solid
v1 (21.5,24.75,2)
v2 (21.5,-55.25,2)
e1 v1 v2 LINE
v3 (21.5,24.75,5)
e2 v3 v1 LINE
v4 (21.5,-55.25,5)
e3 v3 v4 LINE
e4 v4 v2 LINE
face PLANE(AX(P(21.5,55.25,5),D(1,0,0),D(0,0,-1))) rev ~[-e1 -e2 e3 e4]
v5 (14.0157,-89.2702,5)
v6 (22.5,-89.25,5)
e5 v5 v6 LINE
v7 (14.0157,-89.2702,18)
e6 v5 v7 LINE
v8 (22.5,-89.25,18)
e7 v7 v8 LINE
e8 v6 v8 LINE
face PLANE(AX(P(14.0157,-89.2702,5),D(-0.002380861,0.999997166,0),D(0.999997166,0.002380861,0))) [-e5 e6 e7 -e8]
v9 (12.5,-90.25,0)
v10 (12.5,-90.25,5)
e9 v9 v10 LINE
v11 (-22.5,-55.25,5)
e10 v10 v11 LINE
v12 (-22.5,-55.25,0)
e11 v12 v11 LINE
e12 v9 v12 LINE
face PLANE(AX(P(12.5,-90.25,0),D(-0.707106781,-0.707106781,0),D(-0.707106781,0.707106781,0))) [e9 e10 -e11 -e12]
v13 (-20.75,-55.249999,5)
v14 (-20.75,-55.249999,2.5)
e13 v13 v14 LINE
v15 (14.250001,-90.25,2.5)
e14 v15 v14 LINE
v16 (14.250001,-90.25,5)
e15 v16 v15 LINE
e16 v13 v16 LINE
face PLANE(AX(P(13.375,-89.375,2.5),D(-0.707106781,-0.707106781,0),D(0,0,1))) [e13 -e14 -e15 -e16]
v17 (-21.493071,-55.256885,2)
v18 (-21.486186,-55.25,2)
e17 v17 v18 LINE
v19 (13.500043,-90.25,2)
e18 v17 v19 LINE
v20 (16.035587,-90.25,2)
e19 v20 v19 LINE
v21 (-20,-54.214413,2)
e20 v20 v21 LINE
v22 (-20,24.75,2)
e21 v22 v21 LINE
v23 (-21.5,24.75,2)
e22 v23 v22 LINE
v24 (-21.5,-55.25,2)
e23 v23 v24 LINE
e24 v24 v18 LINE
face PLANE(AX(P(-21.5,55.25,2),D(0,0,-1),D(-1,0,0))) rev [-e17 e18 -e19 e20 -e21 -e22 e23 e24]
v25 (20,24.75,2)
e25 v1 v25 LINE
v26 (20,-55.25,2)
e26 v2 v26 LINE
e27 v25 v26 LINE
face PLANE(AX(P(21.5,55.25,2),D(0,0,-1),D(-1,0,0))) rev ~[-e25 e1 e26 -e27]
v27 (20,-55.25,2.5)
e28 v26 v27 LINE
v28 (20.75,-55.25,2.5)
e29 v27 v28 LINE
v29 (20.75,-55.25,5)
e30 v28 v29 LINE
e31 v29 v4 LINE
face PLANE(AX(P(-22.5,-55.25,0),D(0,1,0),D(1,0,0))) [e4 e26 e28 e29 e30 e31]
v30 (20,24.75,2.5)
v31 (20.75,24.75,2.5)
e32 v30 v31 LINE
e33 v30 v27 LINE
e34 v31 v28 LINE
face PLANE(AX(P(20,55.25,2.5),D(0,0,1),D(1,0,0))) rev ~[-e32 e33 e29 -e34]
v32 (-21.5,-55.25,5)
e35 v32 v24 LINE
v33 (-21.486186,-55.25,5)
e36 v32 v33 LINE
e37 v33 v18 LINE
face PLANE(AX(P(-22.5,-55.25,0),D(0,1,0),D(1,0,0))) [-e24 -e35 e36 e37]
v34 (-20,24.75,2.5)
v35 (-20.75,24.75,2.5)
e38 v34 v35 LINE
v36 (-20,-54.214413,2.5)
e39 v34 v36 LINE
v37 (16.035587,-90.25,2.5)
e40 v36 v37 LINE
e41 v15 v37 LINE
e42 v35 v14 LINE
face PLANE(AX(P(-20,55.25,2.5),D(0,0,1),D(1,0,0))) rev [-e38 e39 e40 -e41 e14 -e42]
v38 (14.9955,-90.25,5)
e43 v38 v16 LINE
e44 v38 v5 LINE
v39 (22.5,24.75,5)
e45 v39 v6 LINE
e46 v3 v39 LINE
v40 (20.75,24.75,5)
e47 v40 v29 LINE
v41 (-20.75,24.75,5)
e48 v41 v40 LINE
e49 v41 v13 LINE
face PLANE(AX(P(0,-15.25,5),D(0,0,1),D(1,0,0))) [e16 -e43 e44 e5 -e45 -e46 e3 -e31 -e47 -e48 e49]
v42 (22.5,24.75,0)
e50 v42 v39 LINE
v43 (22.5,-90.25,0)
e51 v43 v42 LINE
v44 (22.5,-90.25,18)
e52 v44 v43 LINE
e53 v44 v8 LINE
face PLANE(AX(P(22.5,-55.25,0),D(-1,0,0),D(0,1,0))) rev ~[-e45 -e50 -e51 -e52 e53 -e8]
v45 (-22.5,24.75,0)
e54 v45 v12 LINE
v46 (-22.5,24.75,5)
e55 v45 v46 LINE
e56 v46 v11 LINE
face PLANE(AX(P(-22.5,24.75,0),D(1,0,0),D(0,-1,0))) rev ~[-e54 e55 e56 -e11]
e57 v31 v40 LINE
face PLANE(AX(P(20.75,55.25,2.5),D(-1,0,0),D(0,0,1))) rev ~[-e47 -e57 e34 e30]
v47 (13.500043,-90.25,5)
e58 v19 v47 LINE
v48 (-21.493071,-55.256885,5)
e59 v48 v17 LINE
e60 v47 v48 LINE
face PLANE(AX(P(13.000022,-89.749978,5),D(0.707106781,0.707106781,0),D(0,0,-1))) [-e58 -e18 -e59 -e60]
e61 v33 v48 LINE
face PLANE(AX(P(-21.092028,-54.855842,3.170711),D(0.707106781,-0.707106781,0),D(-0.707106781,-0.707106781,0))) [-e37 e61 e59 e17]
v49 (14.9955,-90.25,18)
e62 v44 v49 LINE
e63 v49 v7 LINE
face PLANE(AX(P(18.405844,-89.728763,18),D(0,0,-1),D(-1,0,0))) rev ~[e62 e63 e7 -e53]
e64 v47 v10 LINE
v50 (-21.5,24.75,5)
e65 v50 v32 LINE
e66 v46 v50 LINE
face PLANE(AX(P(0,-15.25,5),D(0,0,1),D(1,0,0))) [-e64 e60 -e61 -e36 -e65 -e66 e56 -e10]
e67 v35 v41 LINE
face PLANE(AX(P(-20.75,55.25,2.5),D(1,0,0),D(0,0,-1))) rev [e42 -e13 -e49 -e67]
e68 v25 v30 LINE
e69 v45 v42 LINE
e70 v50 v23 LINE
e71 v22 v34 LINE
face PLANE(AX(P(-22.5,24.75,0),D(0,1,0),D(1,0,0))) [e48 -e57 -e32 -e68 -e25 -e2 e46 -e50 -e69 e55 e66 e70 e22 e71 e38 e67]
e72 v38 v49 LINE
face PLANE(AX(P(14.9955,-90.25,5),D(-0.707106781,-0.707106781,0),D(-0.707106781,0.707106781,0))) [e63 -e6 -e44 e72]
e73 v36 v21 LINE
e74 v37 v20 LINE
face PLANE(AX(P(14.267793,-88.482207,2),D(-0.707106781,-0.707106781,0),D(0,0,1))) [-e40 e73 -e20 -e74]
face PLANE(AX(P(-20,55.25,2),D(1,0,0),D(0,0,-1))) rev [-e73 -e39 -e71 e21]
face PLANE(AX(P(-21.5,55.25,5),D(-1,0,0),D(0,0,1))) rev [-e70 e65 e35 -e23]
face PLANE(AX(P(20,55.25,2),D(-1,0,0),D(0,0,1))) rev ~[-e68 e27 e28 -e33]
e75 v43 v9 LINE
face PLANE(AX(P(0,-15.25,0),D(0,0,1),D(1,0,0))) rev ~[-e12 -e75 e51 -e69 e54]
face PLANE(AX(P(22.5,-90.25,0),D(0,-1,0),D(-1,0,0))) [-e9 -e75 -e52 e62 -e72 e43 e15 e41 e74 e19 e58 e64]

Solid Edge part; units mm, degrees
sketch "Sketch1" plane through (0, 0, 0) normal (0, 0, 1) x (1, 0, 0)
  line L0 (22.5, -55.25) -> (22.5, 24.75)
  line L1 (-22.5, 24.75) -> (22.5, 24.75)
  line L2 (-22.5, 24.75) -> (-22.5, -55.25)
  line L3 (-22.5, -55.25) -> (22.5, -55.25)
extrude "Protrusion1" add sketch "Sketch1" along normal blind 5
sketch "Sketch2" plane through (0, 55.25, 2.5) normal (0, 1, 0) x (-1, 0, 0)
  line L0 (-20.75, 0) -> (-20.75, 2.5)
  line L1 (-20.75, 2.5) -> (-21.5, 2.5)
  line L2 (-21.5, 2.5) -> (-21.5, -0.5)
  line L3 (-21.5, -0.5) -> (-20, -0.5)
  line L4 (-20, -0.5) -> (-20, 0)
  line L5 (-20, 0) -> (-20.75, 0)
extrude "Cutout1" cut sketch "Sketch2" against normal blind 110.5
mirror "Mirror1" about plane through (0, -55.25, 5) normal (1, 0, 0) of "Cutout1"
sketch "Sketch3" plane through (0, 0, 0) normal (0, 0, -1) x (1, 0, 0)
  line L0 (12.5, 90.25) -> (-22.5, 55.25)
  line L1 (-22.5, 55.25) -> (22.5, 55.25)
  line L2 (22.5, 55.25) -> (22.5, 90.25)
  line L3 (22.5, 90.25) -> (12.5, 90.25)
extrude "Protrusion2" add sketch "Sketch3" against normal blind 5
sketch "Sketch4" plane through (30, -72.75, 2.5) normal (-0.7071, 0.7071, 0) x (0, 0, -1)
  line L0 (-2.5, 24.0416) -> (0.5, 24.0416)
  line L1 (0.5, 24.0416) -> (0.5, 22.2487)
  line L2 (0.5, 22.2487) -> (0, 22.2487)
  line L3 (0, 22.2487) -> (0, 23.5113)
  line L4 (0, 23.5113) -> (-2.5, 23.5113)
  line L5 (-2.5, 23.5113) -> (-2.5, 24.0416)
extrude "Cutout3" cut sketch "Sketch4" along normal blind 48.7806
sketch "Sketch5" plane through (30, -72.75, 2.5) normal (-0.7071, 0.7071, 0) x (0, 0, -1)
  line L0 (-2.5, 23.5113) -> (-2.5, 24.0416)
  line L1 (-2.5, 24.0416) -> (0.5, 24.0416)
  line L2 (0.5, 24.0416) -> (0.5, 22.2487)
  line L3 (0.5, 22.2487) -> (0, 22.2487)
  line L4 (0, 22.2487) -> (0, 23.5113)
  line L5 (0, 23.5113) -> (-2.5, 23.5113)
extrude "Vyříznutí_4" cut sketch "Sketch5" against normal blind 2.7044
sketch "Sketch6" plane through (0.875, -32.75, 5) normal (0, 0, 1) x (0, 1, 0)
  line L0 (-56.5202, -13.1407) -> (-56.5, -21.625)
  line L1 (-57.5, -21.625) -> (-56.5, -21.625)
  line L2 (-57.5, -21.625) -> (-57.5, -15.1605)
  line L3 (-57.5, -15.1605) -> (-57.5, -14.1205)
  line L4 (-57.5, -14.1205) -> (-56.5202, -13.1407)
extrude "Protrusion3" add sketch "Sketch6" along normal blind 13
